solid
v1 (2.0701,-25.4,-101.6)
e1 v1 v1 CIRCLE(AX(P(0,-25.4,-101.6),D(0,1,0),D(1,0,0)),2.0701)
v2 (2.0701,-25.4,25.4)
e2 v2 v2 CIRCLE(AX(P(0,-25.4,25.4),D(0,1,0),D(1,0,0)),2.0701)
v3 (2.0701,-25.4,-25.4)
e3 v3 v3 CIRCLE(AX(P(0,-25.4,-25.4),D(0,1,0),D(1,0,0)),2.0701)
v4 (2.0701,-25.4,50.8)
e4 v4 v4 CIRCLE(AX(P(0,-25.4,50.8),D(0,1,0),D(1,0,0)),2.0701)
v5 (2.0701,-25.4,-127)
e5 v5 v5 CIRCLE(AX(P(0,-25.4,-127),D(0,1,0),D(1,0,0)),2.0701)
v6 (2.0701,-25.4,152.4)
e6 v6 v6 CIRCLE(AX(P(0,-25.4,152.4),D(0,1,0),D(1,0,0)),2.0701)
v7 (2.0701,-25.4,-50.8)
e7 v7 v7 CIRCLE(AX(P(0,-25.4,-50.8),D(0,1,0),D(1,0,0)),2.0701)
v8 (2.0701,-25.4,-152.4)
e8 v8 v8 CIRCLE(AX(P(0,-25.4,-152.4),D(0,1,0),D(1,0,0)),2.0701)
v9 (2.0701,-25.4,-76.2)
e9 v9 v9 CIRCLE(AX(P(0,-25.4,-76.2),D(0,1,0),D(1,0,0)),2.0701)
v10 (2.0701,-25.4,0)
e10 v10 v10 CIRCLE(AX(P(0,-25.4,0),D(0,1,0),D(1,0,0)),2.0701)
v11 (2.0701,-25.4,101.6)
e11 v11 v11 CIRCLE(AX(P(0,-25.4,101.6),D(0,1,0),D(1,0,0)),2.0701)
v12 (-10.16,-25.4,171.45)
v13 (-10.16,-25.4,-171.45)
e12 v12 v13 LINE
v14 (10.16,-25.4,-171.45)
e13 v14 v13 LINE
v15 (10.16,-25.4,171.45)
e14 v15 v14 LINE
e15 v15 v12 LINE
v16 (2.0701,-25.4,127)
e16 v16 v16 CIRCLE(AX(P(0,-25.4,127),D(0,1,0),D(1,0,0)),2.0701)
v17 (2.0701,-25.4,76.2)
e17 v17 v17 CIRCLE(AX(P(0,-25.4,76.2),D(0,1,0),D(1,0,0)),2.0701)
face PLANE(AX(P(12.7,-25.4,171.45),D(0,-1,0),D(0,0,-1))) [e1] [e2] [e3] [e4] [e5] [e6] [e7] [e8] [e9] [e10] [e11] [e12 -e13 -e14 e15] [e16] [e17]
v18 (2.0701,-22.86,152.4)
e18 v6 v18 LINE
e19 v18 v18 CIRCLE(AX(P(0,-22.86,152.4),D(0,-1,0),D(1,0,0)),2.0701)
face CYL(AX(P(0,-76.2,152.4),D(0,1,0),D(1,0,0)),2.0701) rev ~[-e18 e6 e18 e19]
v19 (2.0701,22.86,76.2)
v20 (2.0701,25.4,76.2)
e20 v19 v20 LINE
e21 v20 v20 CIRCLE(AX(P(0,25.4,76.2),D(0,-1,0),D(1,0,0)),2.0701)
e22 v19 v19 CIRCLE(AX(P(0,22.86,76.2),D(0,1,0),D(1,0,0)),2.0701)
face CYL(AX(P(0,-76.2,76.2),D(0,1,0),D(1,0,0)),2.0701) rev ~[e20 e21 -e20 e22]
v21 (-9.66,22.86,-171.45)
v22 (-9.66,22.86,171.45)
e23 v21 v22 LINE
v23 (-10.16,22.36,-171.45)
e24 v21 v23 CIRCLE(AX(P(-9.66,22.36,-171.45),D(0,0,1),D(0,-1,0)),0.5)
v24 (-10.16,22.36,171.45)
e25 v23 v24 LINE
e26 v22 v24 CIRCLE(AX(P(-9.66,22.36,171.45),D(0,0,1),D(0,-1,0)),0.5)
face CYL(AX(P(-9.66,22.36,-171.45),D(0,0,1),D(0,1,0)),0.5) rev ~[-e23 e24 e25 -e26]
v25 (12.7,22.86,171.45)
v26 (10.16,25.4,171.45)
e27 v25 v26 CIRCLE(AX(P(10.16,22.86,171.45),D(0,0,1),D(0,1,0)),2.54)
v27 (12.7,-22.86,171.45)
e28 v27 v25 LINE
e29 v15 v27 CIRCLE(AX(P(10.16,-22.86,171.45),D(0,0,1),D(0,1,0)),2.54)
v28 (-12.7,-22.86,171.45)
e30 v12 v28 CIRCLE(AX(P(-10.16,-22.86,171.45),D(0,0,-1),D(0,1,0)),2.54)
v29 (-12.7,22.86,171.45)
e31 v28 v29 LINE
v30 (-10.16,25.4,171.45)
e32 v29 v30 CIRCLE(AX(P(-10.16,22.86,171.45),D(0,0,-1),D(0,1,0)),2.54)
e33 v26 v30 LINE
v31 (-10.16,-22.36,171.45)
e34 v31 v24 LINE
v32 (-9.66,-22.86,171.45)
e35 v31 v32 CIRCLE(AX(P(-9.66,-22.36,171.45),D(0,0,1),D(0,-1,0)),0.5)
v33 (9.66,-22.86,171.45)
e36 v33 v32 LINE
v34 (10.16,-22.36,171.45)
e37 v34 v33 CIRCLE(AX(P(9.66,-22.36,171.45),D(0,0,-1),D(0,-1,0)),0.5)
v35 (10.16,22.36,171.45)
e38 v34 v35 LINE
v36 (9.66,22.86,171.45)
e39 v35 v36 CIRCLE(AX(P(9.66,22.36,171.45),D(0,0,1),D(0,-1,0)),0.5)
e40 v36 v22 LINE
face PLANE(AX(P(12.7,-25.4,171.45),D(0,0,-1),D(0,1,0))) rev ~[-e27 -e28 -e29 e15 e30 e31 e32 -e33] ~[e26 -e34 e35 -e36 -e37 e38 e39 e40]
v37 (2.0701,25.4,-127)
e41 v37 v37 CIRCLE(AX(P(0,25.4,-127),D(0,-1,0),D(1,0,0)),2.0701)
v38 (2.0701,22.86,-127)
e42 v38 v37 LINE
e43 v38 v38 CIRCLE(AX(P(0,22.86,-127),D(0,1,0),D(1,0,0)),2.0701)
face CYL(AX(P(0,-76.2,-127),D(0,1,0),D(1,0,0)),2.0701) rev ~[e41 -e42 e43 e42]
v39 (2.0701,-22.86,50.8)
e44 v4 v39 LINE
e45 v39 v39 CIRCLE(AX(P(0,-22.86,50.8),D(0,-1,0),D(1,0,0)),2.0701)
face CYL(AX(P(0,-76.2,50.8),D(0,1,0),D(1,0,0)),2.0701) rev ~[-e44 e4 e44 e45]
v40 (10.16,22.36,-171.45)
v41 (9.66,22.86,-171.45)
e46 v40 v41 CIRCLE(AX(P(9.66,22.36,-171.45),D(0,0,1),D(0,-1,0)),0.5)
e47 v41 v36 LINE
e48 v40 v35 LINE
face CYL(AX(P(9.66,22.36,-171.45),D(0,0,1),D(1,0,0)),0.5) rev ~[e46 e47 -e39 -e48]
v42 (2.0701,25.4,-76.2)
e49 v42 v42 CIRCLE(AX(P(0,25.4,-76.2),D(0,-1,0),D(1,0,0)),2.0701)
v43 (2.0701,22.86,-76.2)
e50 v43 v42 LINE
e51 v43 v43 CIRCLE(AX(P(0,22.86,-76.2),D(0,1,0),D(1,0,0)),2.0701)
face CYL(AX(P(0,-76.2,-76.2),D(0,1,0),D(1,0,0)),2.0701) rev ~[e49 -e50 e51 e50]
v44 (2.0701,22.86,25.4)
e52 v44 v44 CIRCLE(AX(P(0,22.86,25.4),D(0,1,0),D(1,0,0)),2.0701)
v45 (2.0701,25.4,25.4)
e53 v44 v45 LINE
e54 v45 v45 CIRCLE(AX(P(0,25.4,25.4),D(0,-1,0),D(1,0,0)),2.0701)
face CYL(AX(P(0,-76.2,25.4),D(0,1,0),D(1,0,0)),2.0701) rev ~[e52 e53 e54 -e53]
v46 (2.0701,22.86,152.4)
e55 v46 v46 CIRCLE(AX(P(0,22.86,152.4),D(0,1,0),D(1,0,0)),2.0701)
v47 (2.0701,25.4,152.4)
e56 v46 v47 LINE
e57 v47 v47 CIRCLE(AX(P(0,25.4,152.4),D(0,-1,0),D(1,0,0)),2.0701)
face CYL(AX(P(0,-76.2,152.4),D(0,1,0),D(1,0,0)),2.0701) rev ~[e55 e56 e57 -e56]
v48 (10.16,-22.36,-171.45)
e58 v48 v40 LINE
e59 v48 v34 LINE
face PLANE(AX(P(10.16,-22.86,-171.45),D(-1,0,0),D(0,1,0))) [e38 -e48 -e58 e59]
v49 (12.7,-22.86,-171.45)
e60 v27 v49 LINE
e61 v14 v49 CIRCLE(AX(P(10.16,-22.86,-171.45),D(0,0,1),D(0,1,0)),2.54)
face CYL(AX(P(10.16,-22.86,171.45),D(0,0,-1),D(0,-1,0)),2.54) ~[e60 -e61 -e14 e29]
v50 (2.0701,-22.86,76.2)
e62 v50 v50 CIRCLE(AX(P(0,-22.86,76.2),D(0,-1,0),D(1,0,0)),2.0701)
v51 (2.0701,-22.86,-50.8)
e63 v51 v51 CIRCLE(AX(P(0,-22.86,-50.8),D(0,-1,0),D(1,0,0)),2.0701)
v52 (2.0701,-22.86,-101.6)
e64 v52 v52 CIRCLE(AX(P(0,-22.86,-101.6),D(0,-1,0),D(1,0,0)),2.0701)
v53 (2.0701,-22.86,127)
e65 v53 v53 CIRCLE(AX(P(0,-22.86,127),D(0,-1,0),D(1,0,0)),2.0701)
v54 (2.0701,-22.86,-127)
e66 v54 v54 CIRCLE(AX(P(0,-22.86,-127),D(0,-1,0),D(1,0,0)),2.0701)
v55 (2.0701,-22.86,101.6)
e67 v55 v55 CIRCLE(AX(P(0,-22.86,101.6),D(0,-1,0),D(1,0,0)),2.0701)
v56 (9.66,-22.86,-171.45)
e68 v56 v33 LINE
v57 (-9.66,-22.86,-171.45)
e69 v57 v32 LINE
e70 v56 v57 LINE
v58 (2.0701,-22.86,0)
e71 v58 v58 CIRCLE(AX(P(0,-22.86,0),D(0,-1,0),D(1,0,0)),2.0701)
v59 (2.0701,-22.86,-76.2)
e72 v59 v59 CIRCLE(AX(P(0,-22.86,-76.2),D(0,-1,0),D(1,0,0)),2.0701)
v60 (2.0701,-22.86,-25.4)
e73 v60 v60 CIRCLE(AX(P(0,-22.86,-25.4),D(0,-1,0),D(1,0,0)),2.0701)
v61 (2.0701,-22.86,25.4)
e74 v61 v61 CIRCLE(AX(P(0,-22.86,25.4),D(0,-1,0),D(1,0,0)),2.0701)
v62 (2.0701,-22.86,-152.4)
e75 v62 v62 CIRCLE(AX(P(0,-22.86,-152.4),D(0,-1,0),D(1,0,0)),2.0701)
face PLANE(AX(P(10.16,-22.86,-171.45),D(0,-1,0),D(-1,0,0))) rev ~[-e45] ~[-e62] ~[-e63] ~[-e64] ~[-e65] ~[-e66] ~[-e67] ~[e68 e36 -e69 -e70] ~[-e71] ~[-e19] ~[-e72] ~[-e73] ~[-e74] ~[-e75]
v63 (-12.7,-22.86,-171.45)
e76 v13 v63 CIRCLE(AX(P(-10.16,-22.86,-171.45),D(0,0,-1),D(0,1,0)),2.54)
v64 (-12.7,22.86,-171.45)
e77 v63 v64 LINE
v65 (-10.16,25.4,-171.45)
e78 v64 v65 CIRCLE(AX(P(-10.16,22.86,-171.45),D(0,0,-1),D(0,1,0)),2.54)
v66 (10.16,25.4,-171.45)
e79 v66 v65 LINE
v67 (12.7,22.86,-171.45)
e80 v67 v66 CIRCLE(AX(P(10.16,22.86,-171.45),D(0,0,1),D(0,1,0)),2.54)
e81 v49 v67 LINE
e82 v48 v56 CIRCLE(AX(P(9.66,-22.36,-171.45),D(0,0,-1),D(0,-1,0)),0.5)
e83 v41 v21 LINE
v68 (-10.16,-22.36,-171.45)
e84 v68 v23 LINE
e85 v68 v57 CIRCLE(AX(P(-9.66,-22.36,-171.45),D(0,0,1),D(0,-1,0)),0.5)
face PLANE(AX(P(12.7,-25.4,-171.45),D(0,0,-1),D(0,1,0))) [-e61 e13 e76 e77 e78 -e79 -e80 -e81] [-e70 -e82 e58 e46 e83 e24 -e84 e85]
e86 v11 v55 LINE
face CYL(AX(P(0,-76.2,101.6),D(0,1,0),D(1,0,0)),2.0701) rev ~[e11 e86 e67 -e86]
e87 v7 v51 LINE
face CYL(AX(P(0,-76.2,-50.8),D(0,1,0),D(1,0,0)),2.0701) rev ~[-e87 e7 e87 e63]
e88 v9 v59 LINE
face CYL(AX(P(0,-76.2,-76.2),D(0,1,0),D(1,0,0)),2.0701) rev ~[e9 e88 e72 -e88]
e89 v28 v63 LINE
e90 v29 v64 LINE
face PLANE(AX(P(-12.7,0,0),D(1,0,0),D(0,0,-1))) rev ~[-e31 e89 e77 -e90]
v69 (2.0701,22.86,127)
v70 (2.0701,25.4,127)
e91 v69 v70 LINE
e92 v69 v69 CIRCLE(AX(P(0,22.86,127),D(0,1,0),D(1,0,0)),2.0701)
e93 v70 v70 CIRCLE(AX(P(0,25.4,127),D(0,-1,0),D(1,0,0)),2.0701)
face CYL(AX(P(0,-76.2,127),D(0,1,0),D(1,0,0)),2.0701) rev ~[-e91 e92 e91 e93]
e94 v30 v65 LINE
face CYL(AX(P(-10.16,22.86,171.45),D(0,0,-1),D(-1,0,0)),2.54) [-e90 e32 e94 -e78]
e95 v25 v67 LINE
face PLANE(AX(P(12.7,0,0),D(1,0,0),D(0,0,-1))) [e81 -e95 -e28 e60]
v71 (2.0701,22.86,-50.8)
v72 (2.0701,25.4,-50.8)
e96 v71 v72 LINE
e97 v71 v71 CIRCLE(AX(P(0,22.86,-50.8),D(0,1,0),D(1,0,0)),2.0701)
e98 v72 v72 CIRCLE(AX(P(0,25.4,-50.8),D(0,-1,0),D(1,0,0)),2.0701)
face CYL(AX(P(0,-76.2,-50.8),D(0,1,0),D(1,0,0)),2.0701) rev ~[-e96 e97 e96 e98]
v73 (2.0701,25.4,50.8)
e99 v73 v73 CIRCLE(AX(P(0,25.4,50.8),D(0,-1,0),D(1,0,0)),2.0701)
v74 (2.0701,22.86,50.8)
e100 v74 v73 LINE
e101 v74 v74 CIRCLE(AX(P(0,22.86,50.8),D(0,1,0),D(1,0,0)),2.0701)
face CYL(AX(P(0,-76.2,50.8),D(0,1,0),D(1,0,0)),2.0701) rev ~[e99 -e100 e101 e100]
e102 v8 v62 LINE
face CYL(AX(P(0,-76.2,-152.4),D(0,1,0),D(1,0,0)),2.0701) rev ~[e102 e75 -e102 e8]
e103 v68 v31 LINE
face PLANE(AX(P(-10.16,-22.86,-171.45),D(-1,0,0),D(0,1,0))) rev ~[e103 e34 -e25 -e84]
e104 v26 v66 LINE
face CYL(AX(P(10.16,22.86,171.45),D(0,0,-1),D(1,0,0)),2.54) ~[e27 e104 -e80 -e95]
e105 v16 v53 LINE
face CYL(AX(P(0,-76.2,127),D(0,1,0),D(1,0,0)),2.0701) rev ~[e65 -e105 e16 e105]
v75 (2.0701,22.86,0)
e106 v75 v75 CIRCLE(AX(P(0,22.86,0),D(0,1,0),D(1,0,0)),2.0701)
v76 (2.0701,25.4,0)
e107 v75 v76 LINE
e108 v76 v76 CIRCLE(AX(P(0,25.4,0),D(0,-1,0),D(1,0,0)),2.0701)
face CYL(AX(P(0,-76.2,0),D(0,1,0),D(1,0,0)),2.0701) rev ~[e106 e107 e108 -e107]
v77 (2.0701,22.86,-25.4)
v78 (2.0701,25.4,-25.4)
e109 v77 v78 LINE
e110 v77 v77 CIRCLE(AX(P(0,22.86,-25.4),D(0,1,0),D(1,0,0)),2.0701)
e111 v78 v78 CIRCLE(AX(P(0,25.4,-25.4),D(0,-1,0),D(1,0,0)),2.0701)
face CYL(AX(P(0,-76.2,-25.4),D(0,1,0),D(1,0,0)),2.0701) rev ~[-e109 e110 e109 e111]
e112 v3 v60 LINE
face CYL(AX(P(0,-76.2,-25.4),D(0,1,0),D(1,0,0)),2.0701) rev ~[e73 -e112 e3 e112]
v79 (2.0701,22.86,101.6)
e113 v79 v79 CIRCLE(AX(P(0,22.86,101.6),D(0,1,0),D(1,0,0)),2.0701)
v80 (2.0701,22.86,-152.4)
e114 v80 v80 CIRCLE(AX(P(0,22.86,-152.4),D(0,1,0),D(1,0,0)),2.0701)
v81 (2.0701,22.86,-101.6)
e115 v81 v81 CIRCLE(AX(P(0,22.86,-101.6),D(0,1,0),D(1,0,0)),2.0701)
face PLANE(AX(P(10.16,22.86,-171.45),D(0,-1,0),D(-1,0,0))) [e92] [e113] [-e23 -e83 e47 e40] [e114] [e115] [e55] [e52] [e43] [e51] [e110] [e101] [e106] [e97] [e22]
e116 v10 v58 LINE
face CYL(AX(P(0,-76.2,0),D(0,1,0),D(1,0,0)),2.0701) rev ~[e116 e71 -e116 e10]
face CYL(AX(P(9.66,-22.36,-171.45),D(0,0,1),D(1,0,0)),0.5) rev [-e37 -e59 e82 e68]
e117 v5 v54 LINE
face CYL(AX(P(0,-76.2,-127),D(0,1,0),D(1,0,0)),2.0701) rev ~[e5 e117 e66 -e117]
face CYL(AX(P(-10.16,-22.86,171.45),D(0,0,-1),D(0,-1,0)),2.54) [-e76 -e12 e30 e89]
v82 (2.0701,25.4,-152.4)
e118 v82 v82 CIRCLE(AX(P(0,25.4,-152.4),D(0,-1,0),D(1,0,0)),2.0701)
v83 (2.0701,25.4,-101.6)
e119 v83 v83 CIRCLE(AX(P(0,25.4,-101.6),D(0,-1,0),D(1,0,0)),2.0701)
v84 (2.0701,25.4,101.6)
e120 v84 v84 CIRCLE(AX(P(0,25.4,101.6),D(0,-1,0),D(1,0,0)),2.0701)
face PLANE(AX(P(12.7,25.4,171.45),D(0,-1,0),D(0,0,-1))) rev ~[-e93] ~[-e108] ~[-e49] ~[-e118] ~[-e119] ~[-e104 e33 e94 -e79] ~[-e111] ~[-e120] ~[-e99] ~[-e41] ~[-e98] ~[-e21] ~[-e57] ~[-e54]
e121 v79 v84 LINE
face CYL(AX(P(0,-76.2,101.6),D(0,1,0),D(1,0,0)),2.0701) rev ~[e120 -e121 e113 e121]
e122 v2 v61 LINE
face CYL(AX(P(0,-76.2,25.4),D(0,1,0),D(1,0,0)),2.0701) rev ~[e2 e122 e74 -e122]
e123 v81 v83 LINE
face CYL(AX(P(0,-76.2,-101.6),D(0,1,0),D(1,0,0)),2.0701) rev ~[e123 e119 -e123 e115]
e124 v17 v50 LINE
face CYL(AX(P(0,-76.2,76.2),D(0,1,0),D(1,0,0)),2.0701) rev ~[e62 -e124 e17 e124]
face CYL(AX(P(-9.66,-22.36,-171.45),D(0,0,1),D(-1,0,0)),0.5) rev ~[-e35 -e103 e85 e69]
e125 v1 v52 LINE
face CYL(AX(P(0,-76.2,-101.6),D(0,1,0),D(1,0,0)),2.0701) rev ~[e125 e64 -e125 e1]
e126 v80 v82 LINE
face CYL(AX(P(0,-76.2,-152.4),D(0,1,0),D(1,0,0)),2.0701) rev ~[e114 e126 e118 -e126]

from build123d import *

# Parameters (mm, degrees)
SKETCH1_W                 = 342.9
SKETCH1_H                 = 50.8
BOSS_EXTRUDE1_DEPTH       = 25.4
SKETCH2_W                 = 20.32
SKETCH2_H                 = 45.72
CUT_EXTRUDE1_DEPTH        = 343.9
F_6_CLEARANCE_HOLE1_D     = 4.1402
F_6_CLEARANCE_HOLE1_DEPTH = 50.8
F_6_CLEARANCE_HOLE2_D     = 4.1402
F_6_CLEARANCE_HOLE2_DEPTH = 50.8
FILLET1_R                 = 0.5
FILLET2_R                 = 2.54


with BuildPart() as part:
    # Sketch1 → Boss-Extrude1 (new body)
    with BuildSketch(Plane(origin=(12.7, 0, 0), x_dir=(0, 0, -1), z_dir=(1, 0, 0))):
        Rectangle(SKETCH1_W, SKETCH1_H)
    extrude(amount=-BOSS_EXTRUDE1_DEPTH)

    # Sketch2 → Cut-Extrude1 (cut, through all)
    with BuildSketch(Plane(origin=(0, 0, -171.45), x_dir=(-1, 0, 0), z_dir=(0, 0, -1))):
        Rectangle(SKETCH2_W, SKETCH2_H)
    extrude(amount=-CUT_EXTRUDE1_DEPTH, mode=Mode.SUBTRACT)

    # #6 Clearance Hole1
    with Locations(Plane(origin=(0, -25.4, 0), x_dir=(-1, 0, 0), z_dir=(0, -1, 0))):
        with Locations((0, 711.2), (0, 736.6), (0, 685.8), (0, 660.4), (0, 635), (0, 609.6), (0, 584.2), (0, 558.8), (0, 533.4), (0, 508), (0, 482.6), (0, 457.2), (0, 431.8), (0, 406.4), (0, 381), (0, 355.6), (0, 330.2), (0, 304.8), (0, 279.4), (0, 254), (0, 228.6), (0, 203.2), (0, 177.8), (0, 152.4), (0, 127), (0, 101.6), (0, 76.2), (0, 50.8), (0, 25.4), (0, 0), (0, -25.4), (0, -50.8), (0, -76.2), (0, -101.6), (0, -127), (0, -152.4), (0, -177.8), (0, -203.2), (0, -228.6), (0, -254), (0, -279.4), (0, -304.8), (0, -330.2), (0, -355.6), (0, -381), (0, -406.4), (0, -431.8), (0, -457.2), (0, -482.6), (0, -508), (0, -533.4), (0, -558.8), (0, -584.2), (0, -609.6), (0, -635), (0, -660.4), (0, -685.8), (0, -711.2), (0, -736.6)):
            Hole(F_6_CLEARANCE_HOLE1_D / 2, depth=F_6_CLEARANCE_HOLE1_DEPTH)

    # #6 Clearance Hole2
    with Locations(Plane(origin=(0, 25.4, 0), x_dir=(1, 0, 0), z_dir=(0, 1, 0))):
        with Locations((0, 711.2), (0, 736.6), (0, 685.8), (0, 660.4), (0, 635), (0, 609.6), (0, 584.2), (0, 558.8), (0, 533.4), (0, 508), (0, 482.6), (0, 457.2), (0, 431.8), (0, 406.4), (0, 381), (0, 355.6), (0, 330.2), (0, 304.8), (0, 279.4), (0, 254), (0, 228.6), (0, 203.2), (0, 177.8), (0, 152.4), (0, 127), (0, 101.6), (0, 76.2), (0, 50.8), (0, 25.4), (0, 0), (0, -25.4), (0, -50.8), (0, -76.2), (0, -101.6), (0, -127), (0, -152.4), (0, -177.8), (0, -203.2), (0, -228.6), (0, -254), (0, -279.4), (0, -304.8), (0, -330.2), (0, -355.6), (0, -381), (0, -406.4), (0, -431.8), (0, -457.2), (0, -482.6), (0, -508), (0, -533.4), (0, -558.8), (0, -584.2), (0, -609.6), (0, -635), (0, -660.4), (0, -685.8), (0, -711.2), (0, -736.6)):
            Hole(F_6_CLEARANCE_HOLE2_D / 2, depth=F_6_CLEARANCE_HOLE2_DEPTH)

    # Fillet1
    fillet1_edges = [part.edges().sort_by_distance(p)[0] for p in [
        (-10.16, -22.86, 0),
        (10.16, -22.86, 0),
        (10.16, 22.86, 0),
        (-10.16, 22.86, 0),
    ]]
    fillet(fillet1_edges, radius=FILLET1_R)

    # Fillet2
    fillet2_edges = [part.edges().sort_by_distance(p)[0] for p in [
        (-12.7, 25.4, 0),
        (-12.7, -25.4, 0),
        (12.7, 25.4, 0),
        (12.7, -25.4, 0),
    ]]
    fillet(fillet2_edges, radius=FILLET2_R)


solid = part.part
